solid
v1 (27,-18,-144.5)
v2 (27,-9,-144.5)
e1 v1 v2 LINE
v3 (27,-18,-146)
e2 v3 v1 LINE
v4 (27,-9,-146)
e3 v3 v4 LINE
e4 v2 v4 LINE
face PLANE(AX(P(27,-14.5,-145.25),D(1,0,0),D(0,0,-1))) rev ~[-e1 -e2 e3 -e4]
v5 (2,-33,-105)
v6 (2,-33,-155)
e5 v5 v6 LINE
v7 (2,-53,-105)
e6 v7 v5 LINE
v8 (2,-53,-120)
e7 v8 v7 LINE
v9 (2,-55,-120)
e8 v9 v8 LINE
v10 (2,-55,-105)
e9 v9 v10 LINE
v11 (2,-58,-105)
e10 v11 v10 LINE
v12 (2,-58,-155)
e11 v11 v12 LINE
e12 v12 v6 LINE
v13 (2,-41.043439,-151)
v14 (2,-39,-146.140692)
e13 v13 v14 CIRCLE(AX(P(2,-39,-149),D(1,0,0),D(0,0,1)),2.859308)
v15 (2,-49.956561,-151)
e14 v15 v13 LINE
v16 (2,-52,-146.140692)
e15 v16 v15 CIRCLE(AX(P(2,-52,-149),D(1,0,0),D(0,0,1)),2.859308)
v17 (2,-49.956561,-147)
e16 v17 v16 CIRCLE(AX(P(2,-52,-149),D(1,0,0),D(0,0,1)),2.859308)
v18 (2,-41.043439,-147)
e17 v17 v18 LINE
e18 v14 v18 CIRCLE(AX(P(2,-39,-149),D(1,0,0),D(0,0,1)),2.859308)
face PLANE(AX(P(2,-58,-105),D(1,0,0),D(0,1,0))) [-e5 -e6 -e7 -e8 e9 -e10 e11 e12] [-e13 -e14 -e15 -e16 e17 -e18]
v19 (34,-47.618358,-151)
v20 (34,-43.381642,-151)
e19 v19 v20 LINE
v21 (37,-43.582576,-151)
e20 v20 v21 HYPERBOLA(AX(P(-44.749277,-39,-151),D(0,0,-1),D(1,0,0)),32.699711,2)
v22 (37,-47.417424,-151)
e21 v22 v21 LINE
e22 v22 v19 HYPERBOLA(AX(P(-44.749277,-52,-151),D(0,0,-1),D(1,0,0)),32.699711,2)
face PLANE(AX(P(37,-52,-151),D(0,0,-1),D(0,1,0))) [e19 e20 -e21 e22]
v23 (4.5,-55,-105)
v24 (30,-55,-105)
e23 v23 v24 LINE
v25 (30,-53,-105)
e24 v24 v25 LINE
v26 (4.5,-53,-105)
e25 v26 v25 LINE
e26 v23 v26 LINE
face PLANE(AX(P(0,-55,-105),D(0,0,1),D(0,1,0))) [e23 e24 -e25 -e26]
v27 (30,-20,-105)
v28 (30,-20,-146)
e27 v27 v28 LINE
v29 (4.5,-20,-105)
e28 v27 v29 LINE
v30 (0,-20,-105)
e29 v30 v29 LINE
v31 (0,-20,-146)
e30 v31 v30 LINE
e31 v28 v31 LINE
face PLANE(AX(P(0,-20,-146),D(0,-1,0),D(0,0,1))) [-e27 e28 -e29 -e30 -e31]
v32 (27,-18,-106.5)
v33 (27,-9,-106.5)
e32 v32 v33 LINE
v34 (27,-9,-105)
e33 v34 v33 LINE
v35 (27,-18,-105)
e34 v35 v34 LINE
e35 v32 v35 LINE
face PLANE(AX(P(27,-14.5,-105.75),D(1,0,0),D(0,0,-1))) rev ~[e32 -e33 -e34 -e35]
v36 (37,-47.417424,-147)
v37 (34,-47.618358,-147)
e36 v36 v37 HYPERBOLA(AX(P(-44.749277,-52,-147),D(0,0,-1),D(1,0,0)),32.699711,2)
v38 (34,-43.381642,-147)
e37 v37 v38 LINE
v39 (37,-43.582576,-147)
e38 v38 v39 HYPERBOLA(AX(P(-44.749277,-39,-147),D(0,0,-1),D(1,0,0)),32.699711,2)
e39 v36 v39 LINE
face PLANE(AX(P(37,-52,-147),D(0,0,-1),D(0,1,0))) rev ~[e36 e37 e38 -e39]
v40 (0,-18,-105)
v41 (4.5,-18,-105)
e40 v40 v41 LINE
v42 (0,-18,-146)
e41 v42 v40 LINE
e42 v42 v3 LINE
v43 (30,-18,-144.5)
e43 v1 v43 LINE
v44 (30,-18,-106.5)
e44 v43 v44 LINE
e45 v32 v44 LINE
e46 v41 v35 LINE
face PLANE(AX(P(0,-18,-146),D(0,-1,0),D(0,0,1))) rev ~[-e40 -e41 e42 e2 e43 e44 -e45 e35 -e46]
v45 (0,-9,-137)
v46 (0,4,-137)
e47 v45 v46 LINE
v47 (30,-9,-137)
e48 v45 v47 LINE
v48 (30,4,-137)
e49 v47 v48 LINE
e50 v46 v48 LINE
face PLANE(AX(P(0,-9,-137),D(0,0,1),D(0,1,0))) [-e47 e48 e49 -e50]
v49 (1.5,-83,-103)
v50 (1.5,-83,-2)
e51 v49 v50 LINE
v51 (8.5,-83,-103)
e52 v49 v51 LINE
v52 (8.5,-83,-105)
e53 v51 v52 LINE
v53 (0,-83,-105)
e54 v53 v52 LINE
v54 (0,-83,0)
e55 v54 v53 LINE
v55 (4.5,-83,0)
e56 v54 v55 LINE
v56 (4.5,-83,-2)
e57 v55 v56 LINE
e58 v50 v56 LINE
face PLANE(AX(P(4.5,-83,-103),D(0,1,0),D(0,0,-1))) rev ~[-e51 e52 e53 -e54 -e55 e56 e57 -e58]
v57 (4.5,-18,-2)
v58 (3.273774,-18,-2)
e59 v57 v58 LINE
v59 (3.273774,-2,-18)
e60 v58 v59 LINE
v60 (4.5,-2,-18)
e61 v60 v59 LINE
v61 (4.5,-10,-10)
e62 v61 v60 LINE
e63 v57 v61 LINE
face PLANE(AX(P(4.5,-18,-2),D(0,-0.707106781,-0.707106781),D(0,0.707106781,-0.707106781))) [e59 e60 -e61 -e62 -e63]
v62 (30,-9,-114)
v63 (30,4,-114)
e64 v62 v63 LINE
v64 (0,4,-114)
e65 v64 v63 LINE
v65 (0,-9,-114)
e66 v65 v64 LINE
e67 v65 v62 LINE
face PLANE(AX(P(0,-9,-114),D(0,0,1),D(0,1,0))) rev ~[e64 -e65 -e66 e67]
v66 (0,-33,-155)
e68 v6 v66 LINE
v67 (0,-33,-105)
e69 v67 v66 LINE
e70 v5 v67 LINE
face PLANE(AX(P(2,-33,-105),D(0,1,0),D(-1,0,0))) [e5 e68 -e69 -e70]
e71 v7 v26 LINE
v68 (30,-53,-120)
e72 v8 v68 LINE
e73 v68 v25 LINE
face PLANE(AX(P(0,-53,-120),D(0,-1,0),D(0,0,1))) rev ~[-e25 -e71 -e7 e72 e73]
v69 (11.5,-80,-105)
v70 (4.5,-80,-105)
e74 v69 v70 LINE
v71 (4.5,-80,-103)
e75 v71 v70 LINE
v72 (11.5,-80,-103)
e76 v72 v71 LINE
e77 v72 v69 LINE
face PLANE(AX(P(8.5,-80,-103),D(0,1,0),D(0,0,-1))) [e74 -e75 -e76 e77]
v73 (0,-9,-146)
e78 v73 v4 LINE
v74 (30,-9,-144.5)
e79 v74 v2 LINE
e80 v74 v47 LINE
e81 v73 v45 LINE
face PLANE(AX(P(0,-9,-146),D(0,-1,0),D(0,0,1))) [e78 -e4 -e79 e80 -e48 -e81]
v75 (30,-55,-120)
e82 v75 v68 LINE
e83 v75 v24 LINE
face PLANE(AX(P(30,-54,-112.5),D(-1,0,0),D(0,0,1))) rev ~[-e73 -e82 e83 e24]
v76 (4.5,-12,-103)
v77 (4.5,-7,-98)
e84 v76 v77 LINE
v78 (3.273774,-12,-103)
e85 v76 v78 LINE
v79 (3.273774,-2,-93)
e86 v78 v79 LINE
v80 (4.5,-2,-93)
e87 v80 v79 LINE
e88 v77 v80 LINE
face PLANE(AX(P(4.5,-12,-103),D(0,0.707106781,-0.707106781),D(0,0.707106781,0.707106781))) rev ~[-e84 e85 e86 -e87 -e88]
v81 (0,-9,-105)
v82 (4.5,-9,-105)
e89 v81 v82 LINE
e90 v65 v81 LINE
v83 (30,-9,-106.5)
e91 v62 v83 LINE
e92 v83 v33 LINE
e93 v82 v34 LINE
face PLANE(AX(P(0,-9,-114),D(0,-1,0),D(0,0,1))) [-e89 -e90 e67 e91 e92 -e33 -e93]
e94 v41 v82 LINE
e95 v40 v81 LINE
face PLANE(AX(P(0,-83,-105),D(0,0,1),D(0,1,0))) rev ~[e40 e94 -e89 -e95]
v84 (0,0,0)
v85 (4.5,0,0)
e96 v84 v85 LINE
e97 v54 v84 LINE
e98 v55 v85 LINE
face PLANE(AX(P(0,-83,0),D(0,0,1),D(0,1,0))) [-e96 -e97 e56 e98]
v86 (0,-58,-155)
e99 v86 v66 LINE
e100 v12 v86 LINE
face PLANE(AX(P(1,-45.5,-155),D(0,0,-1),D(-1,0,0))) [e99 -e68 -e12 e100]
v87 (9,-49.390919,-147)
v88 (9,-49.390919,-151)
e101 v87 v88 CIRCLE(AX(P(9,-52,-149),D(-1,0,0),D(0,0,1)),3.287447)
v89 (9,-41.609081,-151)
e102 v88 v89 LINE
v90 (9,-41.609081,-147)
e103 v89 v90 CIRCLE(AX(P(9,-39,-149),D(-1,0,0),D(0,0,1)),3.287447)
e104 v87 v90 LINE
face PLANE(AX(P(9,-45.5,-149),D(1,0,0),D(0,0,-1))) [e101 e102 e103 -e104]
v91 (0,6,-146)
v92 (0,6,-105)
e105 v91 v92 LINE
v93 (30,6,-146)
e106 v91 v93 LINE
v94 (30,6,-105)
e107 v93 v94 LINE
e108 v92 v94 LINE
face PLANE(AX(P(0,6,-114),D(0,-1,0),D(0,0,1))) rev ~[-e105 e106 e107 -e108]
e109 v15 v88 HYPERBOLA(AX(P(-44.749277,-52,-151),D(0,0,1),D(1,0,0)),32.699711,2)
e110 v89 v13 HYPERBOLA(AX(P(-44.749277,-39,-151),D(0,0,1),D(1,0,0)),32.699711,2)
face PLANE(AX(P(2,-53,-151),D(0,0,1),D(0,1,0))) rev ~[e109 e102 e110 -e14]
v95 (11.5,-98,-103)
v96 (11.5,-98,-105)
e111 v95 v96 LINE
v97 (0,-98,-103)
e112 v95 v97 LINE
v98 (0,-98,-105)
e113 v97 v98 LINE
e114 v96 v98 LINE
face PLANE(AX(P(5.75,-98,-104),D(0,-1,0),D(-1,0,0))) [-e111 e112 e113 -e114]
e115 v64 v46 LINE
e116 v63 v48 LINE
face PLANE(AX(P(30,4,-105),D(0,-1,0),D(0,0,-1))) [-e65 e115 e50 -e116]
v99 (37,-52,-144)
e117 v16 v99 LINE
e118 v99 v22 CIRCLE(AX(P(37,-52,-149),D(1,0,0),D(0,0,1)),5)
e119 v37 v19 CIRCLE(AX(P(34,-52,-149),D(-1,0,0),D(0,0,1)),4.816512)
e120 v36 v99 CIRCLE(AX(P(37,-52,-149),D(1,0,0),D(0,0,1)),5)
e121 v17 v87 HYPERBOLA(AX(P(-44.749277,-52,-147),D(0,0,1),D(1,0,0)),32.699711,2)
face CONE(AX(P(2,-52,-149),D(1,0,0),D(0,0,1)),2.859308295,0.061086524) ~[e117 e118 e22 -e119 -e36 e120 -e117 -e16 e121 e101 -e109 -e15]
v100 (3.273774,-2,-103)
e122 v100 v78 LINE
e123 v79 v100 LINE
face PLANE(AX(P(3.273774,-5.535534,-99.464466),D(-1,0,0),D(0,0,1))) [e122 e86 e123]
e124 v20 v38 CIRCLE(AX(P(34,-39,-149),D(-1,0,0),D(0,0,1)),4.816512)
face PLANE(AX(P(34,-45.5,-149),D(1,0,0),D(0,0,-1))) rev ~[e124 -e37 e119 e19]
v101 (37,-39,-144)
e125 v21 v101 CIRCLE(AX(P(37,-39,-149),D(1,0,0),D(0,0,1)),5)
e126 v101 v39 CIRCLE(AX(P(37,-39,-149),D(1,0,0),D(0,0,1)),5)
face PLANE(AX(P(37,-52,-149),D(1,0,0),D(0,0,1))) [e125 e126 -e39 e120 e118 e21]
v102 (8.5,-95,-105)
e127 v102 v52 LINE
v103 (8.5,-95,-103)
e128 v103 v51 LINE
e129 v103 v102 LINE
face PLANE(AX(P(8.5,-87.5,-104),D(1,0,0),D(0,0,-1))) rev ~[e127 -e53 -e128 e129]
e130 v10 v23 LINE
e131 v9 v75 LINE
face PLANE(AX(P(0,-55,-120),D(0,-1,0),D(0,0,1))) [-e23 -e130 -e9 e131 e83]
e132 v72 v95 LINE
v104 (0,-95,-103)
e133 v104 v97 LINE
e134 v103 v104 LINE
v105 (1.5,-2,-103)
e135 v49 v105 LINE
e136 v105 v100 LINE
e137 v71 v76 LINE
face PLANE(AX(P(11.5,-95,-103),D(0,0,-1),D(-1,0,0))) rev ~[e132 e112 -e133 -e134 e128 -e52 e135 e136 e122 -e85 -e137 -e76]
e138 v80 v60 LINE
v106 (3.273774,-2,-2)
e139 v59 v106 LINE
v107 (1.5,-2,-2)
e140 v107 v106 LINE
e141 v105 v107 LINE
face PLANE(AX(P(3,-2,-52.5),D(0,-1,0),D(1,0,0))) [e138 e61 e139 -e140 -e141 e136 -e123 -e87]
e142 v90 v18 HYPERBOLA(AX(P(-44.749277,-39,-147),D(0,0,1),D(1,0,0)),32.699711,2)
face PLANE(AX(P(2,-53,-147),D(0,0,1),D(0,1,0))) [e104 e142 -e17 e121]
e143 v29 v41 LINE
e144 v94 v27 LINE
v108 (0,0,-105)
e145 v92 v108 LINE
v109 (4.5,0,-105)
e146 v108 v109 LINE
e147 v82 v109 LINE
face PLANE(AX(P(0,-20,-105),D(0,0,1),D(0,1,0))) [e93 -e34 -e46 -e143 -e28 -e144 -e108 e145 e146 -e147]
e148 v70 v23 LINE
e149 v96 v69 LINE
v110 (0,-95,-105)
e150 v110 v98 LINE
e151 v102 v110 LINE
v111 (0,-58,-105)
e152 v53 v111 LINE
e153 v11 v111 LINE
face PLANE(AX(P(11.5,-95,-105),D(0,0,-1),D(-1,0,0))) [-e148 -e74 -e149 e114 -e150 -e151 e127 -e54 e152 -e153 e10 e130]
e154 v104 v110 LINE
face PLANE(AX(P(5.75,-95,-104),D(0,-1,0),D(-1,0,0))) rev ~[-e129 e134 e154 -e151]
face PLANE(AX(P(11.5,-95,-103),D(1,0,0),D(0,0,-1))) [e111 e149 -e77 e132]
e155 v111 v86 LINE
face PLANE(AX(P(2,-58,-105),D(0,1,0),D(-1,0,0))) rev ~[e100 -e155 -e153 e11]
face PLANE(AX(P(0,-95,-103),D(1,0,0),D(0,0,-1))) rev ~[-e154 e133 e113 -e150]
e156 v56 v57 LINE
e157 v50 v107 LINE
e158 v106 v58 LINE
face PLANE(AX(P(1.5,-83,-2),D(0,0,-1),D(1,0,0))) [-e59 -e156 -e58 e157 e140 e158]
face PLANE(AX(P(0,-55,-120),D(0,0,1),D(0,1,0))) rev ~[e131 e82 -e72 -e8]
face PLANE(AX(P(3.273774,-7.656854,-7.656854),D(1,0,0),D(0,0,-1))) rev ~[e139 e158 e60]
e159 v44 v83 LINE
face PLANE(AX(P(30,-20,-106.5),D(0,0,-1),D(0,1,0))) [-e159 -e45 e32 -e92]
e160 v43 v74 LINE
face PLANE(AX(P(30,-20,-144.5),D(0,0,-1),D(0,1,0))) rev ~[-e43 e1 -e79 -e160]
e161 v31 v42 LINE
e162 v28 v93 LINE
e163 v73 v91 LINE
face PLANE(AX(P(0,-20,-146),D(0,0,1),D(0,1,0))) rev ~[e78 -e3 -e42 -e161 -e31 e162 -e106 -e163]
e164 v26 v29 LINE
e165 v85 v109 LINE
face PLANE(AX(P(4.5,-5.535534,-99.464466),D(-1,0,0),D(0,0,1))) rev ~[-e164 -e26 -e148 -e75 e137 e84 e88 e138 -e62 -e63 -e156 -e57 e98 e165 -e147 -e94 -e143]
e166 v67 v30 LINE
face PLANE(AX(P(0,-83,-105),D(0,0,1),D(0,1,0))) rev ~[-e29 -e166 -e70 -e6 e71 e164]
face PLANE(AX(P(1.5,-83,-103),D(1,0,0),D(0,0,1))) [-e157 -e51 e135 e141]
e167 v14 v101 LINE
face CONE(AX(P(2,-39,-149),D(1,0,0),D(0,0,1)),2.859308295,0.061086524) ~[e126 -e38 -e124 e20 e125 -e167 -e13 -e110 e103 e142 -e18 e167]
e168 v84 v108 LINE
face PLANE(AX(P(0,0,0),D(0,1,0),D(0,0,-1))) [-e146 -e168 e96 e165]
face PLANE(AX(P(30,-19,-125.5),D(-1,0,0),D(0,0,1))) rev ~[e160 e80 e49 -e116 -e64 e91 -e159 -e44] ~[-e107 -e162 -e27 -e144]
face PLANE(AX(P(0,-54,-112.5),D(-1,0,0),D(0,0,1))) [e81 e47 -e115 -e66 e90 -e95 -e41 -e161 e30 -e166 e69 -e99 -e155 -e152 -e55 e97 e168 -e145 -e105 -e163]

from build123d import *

# Parameters (mm, degrees)
SKETCH6_W            = 105
SKETCH6_H            = 83
BOSS_EXTRUDE3_DEPTH  = 4.5
SKETCH9_W            = 3
SKETCH9_H            = 101
CUT_EXTRUDE6_DEPTH   = 81
SKETCH10_W           = 1
SKETCH10_H           = 8
BOSS_EXTRUDE4_DEPTH  = 8
SKETCH11_W           = 1.226225524
SKETCH11_H           = 5
BOSS_EXTRUDE5_DEPTH  = 5
BOSS_EXTRUDE12_DEPTH = 1.226226
SKETCH27_W           = 15
SKETCH27_H           = 2
SKETCH27_W_2         = 41
SKETCH27_W_3         = 9
SKETCH27_H_2         = 15
BOSS_EXTRUDE20_DEPTH = 30
SKETCH28_W           = 1.5
SKETCH28_H           = 11
BOSS_EXTRUDE21_DEPTH = 3
SKETCH29_W           = 41
SKETCH29_H           = 2
BOSS_EXTRUDE22_DEPTH = 30
SKETCH30_W           = 2
SKETCH30_H           = 25
BOSS_EXTRUDE23_DEPTH = 50
SKETCH31_R           = 5
BOSS_EXTRUDE24_DEPTH = 35
DRAFT1_ANGLE         = -3.5
DRAFT3_ANGLE         = -3.5
SKETCH32_W           = 4
SKETCH32_H           = 15
BOSS_EXTRUDE25_DEPTH = 7
SKETCH33_W           = 4
SKETCH33_H           = 13
BOSS_EXTRUDE26_DEPTH = 3
SKETCH34_W           = 2
SKETCH34_H           = 3
BOSS_EXTRUDE27_DEPTH = 4
SKETCH35_W           = 2
SKETCH35_H           = 15
BOSS_EXTRUDE28_DEPTH = 3
SKETCH36_W           = 11.5
SKETCH36_H           = 2
BOSS_EXTRUDE29_DEPTH = 3


with BuildPart() as part:
    # Sketch6 → Boss-Extrude3 (new body)
    with BuildSketch(Plane(origin=(0, 0, 0), x_dir=(0, 0, -1), z_dir=(1, 0, 0))):
        with Locations((52.5, -41.5)):
            Rectangle(SKETCH6_W, SKETCH6_H)
    extrude(amount=BOSS_EXTRUDE3_DEPTH)

    # Sketch9 → Cut-Extrude6 (cut)
    with BuildSketch(Plane.XZ.offset(83)):
        with Locations((3, -52.5)):
            Rectangle(SKETCH9_W, SKETCH9_H)
    extrude(amount=-CUT_EXTRUDE6_DEPTH, mode=Mode.SUBTRACT)

    # Sketch10 → Boss-Extrude4 (add)
    with BuildSketch(Plane(origin=(0, 0, -2), x_dir=(-1, 0, 0), z_dir=(0, 0, -1))):
        with Locations((-4, -6)):
            Rectangle(SKETCH10_W, SKETCH10_H)
    extrude(amount=BOSS_EXTRUDE4_DEPTH)

    # Sketch11 → Boss-Extrude5 (add)
    with BuildSketch(Plane.XY.offset(-103)):
        with Locations((3.886887238, -4.5)):
            Rectangle(SKETCH11_W, SKETCH11_H)
    extrude(amount=BOSS_EXTRUDE5_DEPTH)

    # Sketch18 → Boss-Extrude12 (add)
    with BuildSketch(Plane(origin=(4.5, 0, 0), x_dir=(0, 0, -1), z_dir=(1, 0, 0))):
        Polygon((103, -12), (93, -2), (103, -2), align=None)
        Polygon((18, -2), (2, -2), (2, -18), align=None)
    extrude(amount=-BOSS_EXTRUDE12_DEPTH)

    # Sketch27 → Boss-Extrude20 (add)
    with BuildSketch(Plane.ZY):
        with Locations((-112.5, -54)):
            Rectangle(SKETCH27_W, SKETCH27_H)
        with Locations((-125.5, -19)):
            Rectangle(SKETCH27_W_2, SKETCH27_H)
        with Locations((-109.5, -1.5)):
            Rectangle(SKETCH27_W_3, SKETCH27_H_2)
        with Locations((-141.5, -1.5)):
            Rectangle(SKETCH27_W_3, SKETCH27_H_2)
    extrude(amount=-BOSS_EXTRUDE20_DEPTH)


with BuildPart() as boss_extrude20_piece_1:
    # of the separate pieces the step leaves, piece 1, a body of its own (boss_extrude20_pieces)
    add(part.part.solids().sort_by_distance((0, 0, 0))[0])



with BuildPart() as boss_extrude20_piece_2:
    # of the separate pieces the step leaves, piece 2, a body of its own (boss_extrude20_pieces)
    add(part.part.solids().sort_by_distance((0, 6, -146))[0])


with BuildPart() as boss_extrude20_piece_1_1:
    add(boss_extrude20_piece_1.part)

    add(boss_extrude20_piece_2.part)  # Boss-Extrude21 merges Boss-Extrude20 piece 2
    # Sketch28 → Boss-Extrude21 (add)
    with BuildSketch(Plane(origin=(30, 0, 0), x_dir=(0, 0, -1), z_dir=(1, 0, 0))):
        with Locations((145.25, -14.5)):
            Rectangle(SKETCH28_W, SKETCH28_H)
        with Locations((105.75, -14.5)):
            Rectangle(SKETCH28_W, SKETCH28_H)
    extrude(amount=-BOSS_EXTRUDE21_DEPTH)

    # Sketch29 → Boss-Extrude22 (add)
    with BuildSketch(Plane(origin=(30, 0, 0), x_dir=(0, 0, -1), z_dir=(1, 0, 0))):
        with Locations((125.5, 5)):
            Rectangle(SKETCH29_W, SKETCH29_H)
    extrude(amount=-BOSS_EXTRUDE22_DEPTH)

    # Sketch30 → Boss-Extrude23 (add)
    with BuildSketch(Plane(origin=(0, 0, -105), x_dir=(-1, 0, 0), z_dir=(0, 0, -1))):
        with Locations((-1, -45.5)):
            Rectangle(SKETCH30_W, SKETCH30_H)
    extrude(amount=BOSS_EXTRUDE23_DEPTH)

    # Sketch31 → Boss-Extrude24 (add)
    with BuildSketch(Plane(origin=(2, 0, 0), x_dir=(0, 0, -1), z_dir=(1, 0, 0))):
        with Locations(Location((149, -52, 0), (0, 0, 180))):
            Circle(SKETCH31_R)
        with Locations(Location((149, -39, 0), (0, 0, 180))):
            Circle(SKETCH31_R)
    extrude(amount=BOSS_EXTRUDE24_DEPTH)

    # Draft1
    draft1_faces = [boss_extrude20_piece_1_1.faces().sort_by_distance(p)[0] for p in [
        (19.5, -52, -154),
    ]]
    draft(draft1_faces, Plane(origin=(37, -52, -149), x_dir=(0, 0, 1), z_dir=(1, 0, 0)), DRAFT1_ANGLE)

    # Draft3
    draft3_faces = [boss_extrude20_piece_1_1.faces().sort_by_distance(p)[0] for p in [
        (19.5, -39, -154),
    ]]
    draft(draft3_faces, Plane(origin=(37, -39, -149), x_dir=(0, 0, 1), z_dir=(1, 0, 0)), DRAFT3_ANGLE)

    # Sketch32 → Boss-Extrude25 (add)
    with BuildSketch(Plane(origin=(2, 0, 0), x_dir=(0, 0, -1), z_dir=(1, 0, 0))):
        with Locations((149, -45.5)):
            Rectangle(SKETCH32_W, SKETCH32_H)
    extrude(amount=BOSS_EXTRUDE25_DEPTH)

    # Sketch33 → Boss-Extrude26 (add)
    with BuildSketch(Plane(origin=(37, 0, 0), x_dir=(0, 0, -1), z_dir=(1, 0, 0))):
        with Locations((149, -45.5)):
            Rectangle(SKETCH33_W, SKETCH33_H)
    extrude(amount=-BOSS_EXTRUDE26_DEPTH)

    # Sketch34 → Boss-Extrude27 (add)
    with BuildSketch(Plane(origin=(4.5, 0, 0), x_dir=(0, 0, -1), z_dir=(1, 0, 0))):
        with Locations((104, -81.5)):
            Rectangle(SKETCH34_W, SKETCH34_H)
    extrude(amount=BOSS_EXTRUDE27_DEPTH)

    # Sketch35 → Boss-Extrude28 (add)
    with BuildSketch(Plane(origin=(8.5, 0, 0), x_dir=(0, 0, -1), z_dir=(1, 0, 0))):
        with Locations((104, -87.5)):
            Rectangle(SKETCH35_W, SKETCH35_H)
    extrude(amount=BOSS_EXTRUDE28_DEPTH)

    # Sketch36 → Boss-Extrude29 (add)
    with BuildSketch(Plane(origin=(0, -95, 0), x_dir=(-1, 0, 0), z_dir=(0, -1, 0))):
        with Locations((-5.75, 104)):
            Rectangle(SKETCH36_W, SKETCH36_H)
    extrude(amount=BOSS_EXTRUDE29_DEPTH)


solid = boss_extrude20_piece_1_1.part
